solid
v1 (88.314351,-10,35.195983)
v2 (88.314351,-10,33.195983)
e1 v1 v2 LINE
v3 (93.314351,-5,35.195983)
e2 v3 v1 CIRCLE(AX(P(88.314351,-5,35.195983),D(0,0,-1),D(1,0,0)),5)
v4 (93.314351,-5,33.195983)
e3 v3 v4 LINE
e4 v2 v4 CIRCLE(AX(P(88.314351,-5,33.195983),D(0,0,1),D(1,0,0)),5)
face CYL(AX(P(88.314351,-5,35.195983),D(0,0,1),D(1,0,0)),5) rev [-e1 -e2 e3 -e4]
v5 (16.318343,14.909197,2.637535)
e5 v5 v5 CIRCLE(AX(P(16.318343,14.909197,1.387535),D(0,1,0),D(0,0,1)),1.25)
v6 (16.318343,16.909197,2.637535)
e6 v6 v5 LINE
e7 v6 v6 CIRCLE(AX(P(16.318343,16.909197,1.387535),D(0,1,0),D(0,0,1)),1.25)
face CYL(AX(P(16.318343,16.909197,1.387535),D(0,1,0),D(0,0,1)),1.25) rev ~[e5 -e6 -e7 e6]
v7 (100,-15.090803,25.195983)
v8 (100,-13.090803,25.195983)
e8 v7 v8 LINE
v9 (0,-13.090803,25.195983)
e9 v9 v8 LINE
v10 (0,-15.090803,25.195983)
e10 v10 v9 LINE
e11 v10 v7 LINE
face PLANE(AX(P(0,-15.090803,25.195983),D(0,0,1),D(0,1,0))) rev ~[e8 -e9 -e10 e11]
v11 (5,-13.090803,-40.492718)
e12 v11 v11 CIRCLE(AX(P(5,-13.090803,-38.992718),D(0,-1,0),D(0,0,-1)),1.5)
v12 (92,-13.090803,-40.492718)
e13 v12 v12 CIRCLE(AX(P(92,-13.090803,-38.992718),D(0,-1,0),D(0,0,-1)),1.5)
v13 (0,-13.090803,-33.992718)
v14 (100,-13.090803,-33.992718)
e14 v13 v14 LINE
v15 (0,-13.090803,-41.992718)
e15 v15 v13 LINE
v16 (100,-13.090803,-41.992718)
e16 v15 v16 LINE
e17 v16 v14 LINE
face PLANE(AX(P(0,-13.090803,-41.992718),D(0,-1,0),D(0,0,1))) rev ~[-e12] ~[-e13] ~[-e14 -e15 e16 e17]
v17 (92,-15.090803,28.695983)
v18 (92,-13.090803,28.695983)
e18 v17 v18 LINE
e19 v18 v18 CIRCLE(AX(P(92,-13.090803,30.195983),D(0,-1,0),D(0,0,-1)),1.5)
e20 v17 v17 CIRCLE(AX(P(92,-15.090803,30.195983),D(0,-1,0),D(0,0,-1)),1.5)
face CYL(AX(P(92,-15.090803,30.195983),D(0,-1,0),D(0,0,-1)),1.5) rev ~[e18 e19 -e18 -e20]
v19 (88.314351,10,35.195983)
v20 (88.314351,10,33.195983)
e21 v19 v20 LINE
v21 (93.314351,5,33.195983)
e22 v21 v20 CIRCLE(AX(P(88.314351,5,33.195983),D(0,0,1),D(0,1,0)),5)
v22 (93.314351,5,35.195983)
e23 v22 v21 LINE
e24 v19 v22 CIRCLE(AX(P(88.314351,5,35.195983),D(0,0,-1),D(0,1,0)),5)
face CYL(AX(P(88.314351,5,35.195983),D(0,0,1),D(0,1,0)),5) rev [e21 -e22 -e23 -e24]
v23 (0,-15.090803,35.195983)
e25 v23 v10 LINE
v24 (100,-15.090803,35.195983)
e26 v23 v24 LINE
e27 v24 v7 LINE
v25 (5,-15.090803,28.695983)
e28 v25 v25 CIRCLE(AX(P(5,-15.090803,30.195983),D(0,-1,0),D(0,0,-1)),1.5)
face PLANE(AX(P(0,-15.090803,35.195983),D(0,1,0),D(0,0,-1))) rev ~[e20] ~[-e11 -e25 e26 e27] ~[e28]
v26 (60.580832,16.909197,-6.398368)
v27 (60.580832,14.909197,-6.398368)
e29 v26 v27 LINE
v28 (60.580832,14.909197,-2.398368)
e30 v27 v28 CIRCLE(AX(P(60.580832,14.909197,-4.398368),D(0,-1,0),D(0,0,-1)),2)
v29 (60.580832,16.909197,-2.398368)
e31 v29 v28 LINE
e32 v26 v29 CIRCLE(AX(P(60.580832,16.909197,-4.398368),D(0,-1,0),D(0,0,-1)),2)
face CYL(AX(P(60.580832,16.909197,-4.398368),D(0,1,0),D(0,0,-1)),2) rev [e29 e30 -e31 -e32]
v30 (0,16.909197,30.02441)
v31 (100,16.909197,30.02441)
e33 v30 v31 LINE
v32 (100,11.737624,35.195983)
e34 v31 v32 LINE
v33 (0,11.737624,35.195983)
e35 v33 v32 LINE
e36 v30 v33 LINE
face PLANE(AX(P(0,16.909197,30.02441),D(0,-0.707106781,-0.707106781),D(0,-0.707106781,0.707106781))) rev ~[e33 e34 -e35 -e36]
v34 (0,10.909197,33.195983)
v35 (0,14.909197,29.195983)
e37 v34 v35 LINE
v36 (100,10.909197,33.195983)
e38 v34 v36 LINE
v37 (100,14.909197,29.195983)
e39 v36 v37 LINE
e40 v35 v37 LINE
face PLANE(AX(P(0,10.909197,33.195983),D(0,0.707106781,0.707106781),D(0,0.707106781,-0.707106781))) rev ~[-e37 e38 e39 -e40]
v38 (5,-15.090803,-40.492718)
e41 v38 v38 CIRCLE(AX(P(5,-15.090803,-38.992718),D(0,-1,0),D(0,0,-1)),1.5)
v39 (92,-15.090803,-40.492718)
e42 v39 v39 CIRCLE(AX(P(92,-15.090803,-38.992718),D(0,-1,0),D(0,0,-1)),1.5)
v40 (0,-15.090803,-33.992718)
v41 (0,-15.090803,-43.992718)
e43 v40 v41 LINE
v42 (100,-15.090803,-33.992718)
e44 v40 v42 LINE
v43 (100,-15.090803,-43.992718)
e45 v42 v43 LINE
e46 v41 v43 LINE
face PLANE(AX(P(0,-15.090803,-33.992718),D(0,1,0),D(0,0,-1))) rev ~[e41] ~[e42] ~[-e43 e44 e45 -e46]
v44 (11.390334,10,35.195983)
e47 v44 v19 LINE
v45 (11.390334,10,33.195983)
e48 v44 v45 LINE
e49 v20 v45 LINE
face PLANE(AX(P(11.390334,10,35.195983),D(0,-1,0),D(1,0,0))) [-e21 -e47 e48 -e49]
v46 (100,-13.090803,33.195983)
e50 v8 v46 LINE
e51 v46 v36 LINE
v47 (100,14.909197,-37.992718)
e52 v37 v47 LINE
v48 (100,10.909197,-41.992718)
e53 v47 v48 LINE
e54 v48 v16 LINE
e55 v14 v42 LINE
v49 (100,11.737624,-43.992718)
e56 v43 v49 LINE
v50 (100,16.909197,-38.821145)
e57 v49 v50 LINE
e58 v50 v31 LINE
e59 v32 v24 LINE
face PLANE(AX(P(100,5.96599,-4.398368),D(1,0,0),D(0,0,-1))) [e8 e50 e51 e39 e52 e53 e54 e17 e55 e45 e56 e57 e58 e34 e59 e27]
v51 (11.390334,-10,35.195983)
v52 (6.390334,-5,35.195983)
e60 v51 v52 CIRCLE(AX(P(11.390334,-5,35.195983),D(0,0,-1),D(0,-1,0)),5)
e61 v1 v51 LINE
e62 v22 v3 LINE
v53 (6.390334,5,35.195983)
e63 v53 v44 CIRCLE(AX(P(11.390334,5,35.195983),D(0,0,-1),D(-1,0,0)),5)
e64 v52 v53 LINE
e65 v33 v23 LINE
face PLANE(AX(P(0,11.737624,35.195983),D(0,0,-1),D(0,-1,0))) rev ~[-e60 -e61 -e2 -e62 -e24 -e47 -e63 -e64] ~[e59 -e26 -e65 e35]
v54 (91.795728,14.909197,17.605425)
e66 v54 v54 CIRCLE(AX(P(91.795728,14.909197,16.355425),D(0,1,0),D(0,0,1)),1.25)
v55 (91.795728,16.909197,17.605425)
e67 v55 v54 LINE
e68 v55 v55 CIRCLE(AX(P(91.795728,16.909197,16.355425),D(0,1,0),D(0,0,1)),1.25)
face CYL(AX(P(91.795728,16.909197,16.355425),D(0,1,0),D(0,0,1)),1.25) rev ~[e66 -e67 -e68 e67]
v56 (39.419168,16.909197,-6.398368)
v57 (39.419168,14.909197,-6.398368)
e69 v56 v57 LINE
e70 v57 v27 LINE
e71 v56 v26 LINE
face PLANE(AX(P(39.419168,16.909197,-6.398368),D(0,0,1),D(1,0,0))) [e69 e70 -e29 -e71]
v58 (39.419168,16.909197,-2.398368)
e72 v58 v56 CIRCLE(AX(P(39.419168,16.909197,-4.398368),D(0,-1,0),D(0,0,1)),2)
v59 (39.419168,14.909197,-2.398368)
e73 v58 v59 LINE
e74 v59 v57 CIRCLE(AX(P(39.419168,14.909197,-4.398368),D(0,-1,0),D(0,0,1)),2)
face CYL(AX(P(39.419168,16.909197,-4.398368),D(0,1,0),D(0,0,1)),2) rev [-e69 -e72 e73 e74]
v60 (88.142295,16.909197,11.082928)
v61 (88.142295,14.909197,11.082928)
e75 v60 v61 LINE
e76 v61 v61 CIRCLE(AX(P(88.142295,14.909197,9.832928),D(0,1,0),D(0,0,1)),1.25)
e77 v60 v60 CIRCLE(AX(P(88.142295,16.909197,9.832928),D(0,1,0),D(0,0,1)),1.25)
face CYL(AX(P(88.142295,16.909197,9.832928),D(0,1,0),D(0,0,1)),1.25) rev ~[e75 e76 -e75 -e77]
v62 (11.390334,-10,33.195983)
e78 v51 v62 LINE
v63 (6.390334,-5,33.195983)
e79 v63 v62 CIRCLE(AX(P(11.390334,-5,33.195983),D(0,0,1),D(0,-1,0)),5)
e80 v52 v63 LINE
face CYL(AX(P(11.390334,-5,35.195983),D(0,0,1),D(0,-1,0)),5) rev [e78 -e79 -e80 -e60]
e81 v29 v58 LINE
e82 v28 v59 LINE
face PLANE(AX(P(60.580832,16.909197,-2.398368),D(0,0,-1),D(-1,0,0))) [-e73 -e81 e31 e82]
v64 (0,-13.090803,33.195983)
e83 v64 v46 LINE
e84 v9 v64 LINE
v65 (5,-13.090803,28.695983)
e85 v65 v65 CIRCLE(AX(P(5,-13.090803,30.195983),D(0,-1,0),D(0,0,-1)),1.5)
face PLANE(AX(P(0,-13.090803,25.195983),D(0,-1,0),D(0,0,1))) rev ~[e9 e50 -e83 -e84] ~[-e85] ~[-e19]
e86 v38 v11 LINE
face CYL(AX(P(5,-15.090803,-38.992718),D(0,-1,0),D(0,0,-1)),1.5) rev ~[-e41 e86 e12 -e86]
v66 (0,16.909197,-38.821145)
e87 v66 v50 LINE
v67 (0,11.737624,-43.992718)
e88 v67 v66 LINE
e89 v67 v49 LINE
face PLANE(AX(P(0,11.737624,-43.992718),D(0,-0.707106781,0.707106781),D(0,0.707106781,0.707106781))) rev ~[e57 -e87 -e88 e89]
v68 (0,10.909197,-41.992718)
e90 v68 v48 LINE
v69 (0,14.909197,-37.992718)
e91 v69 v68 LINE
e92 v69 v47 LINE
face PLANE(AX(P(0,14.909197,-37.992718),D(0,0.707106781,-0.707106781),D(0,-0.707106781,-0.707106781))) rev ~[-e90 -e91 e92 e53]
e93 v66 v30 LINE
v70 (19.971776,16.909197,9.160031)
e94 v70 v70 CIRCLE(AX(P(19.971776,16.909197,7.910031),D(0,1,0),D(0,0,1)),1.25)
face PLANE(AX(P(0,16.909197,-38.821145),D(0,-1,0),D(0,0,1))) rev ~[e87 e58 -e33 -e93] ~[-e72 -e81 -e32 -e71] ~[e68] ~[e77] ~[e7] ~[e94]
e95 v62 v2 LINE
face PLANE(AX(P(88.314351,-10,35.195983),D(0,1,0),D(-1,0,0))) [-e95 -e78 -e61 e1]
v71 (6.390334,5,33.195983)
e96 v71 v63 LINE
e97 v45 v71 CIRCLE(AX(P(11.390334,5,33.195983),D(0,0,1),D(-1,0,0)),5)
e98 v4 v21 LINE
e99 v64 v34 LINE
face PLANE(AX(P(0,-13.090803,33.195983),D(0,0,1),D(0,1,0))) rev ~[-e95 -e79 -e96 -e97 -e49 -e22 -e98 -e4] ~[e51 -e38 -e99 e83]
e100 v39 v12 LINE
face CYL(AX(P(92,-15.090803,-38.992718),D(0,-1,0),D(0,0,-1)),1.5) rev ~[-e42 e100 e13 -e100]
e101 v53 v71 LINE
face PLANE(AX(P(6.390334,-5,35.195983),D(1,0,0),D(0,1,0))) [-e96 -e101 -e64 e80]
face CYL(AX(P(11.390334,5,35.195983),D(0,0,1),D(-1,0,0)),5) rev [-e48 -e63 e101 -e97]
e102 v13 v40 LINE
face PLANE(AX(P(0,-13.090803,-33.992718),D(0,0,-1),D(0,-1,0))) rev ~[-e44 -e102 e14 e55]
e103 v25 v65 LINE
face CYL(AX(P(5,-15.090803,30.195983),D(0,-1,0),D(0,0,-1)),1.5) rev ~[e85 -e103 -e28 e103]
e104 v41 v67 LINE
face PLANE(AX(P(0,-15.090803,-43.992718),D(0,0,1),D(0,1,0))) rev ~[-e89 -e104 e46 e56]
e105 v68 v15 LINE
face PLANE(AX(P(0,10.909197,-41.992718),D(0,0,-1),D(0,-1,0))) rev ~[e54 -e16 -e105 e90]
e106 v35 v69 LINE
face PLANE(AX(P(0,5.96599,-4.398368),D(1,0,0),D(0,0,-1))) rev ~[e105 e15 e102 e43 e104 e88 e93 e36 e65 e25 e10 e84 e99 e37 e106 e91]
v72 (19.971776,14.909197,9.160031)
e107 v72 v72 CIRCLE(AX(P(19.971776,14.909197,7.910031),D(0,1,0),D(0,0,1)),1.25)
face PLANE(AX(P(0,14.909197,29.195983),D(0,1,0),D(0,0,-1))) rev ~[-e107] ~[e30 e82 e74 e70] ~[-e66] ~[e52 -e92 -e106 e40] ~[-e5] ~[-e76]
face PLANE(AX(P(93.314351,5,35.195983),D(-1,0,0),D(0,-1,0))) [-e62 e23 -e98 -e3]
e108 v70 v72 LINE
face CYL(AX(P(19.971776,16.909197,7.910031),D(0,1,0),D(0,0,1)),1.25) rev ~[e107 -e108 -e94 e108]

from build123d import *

# Parameters (mm, degrees)
BOSS_EXTRUDE1_DEPTH = 100
SKETCH5_R           = 1.5
CUT_EXTRUDE3_DEPTH  = 4
CUT_EXTRUDE5_REACH  = 130.673
CUT_EXTRUDE6_REACH  = 115.839
SKETCH11_R          = 1.25
CUT_EXTRUDE4_DEPTH  = 2


with BuildPart() as part:
    # Sketch1 → Boss-Extrude1 (new body)
    with BuildSketch(Plane(origin=(0, 0, 0), x_dir=(0, 0, -1), z_dir=(1, 0, 0))):
        Polygon((-25.195982579, -13.090802774), (-33.195982579, -13.090802774), (-33.195982579, 10.909197226), (-29.195982579, 14.909197226), (37.992717903, 14.909197226), (41.992717903, 10.909197226), (41.992717903, -13.090802774), (33.992717903, -13.090802774), (33.992717903, -15.090802774), (43.992717903, -15.090802774), (43.992717903, 11.73762435), (38.821145028, 16.909197226), (-30.024409703, 16.909197226), (-35.195982579, 11.73762435), (-35.195982579, -15.090802774), (-25.195982579, -15.090802774), align=None)
    extrude(amount=BOSS_EXTRUDE1_DEPTH)

    # Sketch5 → Cut-Extrude3 (cut)
    with BuildSketch(Plane.XZ.offset(15.090802774)):
        with Locations((5, 30.195982579)):
            Circle(SKETCH5_R)
        with Locations((92, 30.195982579)):
            Circle(SKETCH5_R)
        with Locations((92, -38.992717903)):
            Circle(SKETCH5_R)
        with Locations((5, -38.992717903)):
            Circle(SKETCH5_R)
    extrude(amount=-CUT_EXTRUDE3_DEPTH, mode=Mode.SUBTRACT)

    # Sketch10 → Cut-Extrude5 (cut, up to next)
    with BuildSketch(Plane.XY.offset(35.195982579), mode=Mode.PRIVATE) as cut_extrude5_sk1:
        with BuildLine():
            Line((11.390334367, 10), (88.31435142, 10))
            ThreePointArc((88.31435142, 10), (91.849885326, 8.535533906), (93.31435142, 5))
            Line((93.31435142, 5), (93.31435142, -5))
            ThreePointArc((93.31435142, -5), (91.849885326, -8.535533906), (88.31435142, -10))
            Line((88.31435142, -10), (11.390334367, -10))
            ThreePointArc((11.390334367, -10), (7.854800461, -8.535533906), (6.390334367, -5))
            Line((6.390334367, -5), (6.390334367, 5))
            ThreePointArc((6.390334367, 5), (7.854800461, 8.535533906), (11.390334367, 10))
        make_face()
    cut_extrude5_tool1 = extrude(cut_extrude5_sk1.sketch, amount=-CUT_EXTRUDE5_REACH, mode=Mode.PRIVATE) & part.part
    add(cut_extrude5_tool1.solids().sort_by_distance((49.852343, 0, 35.195983))[0], mode=Mode.SUBTRACT)

    # Sketch11 → Cut-Extrude6 (cut, up to next)
    with BuildSketch(Plane(origin=(0, 16.909197226, 0), x_dir=(1, 0, 0), z_dir=(0, 1, 0)), mode=Mode.PRIVATE) as cut_extrude6_sk1:
        with Locations((19.971775687, -7.910031108)):
            Circle(SKETCH11_R)
    cut_extrude6_tool1 = extrude(cut_extrude6_sk1.sketch, amount=-CUT_EXTRUDE6_REACH, mode=Mode.PRIVATE) & part.part
    # Sketch11 → Cut-Extrude6 (cut, up to next)
    with BuildSketch(Plane(origin=(0, 16.909197226, 0), x_dir=(1, 0, 0), z_dir=(0, 1, 0)), mode=Mode.PRIVATE) as cut_extrude6_sk2:
        with Locations((91.79572832, -16.355424806)):
            Circle(SKETCH11_R)
    cut_extrude6_tool2 = extrude(cut_extrude6_sk2.sketch, amount=-CUT_EXTRUDE6_REACH, mode=Mode.PRIVATE) & part.part
    # Sketch11 → Cut-Extrude6 (cut, up to next)
    with BuildSketch(Plane(origin=(0, 16.909197226, 0), x_dir=(1, 0, 0), z_dir=(0, 1, 0)), mode=Mode.PRIVATE) as cut_extrude6_sk3:
        with Locations((16.318342756, -1.387534759)):
            Circle(SKETCH11_R)
    cut_extrude6_tool3 = extrude(cut_extrude6_sk3.sketch, amount=-CUT_EXTRUDE6_REACH, mode=Mode.PRIVATE) & part.part
    # Sketch11 → Cut-Extrude6 (cut, up to next)
    with BuildSketch(Plane(origin=(0, 16.909197226, 0), x_dir=(1, 0, 0), z_dir=(0, 1, 0)), mode=Mode.PRIVATE) as cut_extrude6_sk4:
        with Locations((88.142295389, -9.832928457)):
            Circle(SKETCH11_R)
    cut_extrude6_tool4 = extrude(cut_extrude6_sk4.sketch, amount=-CUT_EXTRUDE6_REACH, mode=Mode.PRIVATE) & part.part
    add(cut_extrude6_tool1.solids().sort_by_distance((19.971776, 16.909197, 7.910031))[0], mode=Mode.SUBTRACT)
    add(cut_extrude6_tool2.solids().sort_by_distance((91.795728, 16.909197, 16.355425))[0], mode=Mode.SUBTRACT)
    add(cut_extrude6_tool3.solids().sort_by_distance((16.318343, 16.909197, 1.387535))[0], mode=Mode.SUBTRACT)
    add(cut_extrude6_tool4.solids().sort_by_distance((88.142295, 16.909197, 9.832928))[0], mode=Mode.SUBTRACT)

    # Sketch7 → Cut-Extrude4 (cut)
    with BuildSketch(Plane(origin=(0, 16.909197226, 0), x_dir=(1, 0, 0), z_dir=(0, 1, 0))):
        with BuildLine():
            Line((39.419167918, 6.398367662), (60.580832082, 6.398367662))
            ThreePointArc((60.580832082, 6.398367662), (62.580832082, 4.398367662), (60.580832082, 2.398367662))
            Line((60.580832082, 2.398367662), (39.419167918, 2.398367662))
            ThreePointArc((39.419167918, 2.398367662), (37.419167918, 4.398367662), (39.419167918, 6.398367662))
        make_face()
    extrude(amount=-CUT_EXTRUDE4_DEPTH, mode=Mode.SUBTRACT)


solid = part.part
